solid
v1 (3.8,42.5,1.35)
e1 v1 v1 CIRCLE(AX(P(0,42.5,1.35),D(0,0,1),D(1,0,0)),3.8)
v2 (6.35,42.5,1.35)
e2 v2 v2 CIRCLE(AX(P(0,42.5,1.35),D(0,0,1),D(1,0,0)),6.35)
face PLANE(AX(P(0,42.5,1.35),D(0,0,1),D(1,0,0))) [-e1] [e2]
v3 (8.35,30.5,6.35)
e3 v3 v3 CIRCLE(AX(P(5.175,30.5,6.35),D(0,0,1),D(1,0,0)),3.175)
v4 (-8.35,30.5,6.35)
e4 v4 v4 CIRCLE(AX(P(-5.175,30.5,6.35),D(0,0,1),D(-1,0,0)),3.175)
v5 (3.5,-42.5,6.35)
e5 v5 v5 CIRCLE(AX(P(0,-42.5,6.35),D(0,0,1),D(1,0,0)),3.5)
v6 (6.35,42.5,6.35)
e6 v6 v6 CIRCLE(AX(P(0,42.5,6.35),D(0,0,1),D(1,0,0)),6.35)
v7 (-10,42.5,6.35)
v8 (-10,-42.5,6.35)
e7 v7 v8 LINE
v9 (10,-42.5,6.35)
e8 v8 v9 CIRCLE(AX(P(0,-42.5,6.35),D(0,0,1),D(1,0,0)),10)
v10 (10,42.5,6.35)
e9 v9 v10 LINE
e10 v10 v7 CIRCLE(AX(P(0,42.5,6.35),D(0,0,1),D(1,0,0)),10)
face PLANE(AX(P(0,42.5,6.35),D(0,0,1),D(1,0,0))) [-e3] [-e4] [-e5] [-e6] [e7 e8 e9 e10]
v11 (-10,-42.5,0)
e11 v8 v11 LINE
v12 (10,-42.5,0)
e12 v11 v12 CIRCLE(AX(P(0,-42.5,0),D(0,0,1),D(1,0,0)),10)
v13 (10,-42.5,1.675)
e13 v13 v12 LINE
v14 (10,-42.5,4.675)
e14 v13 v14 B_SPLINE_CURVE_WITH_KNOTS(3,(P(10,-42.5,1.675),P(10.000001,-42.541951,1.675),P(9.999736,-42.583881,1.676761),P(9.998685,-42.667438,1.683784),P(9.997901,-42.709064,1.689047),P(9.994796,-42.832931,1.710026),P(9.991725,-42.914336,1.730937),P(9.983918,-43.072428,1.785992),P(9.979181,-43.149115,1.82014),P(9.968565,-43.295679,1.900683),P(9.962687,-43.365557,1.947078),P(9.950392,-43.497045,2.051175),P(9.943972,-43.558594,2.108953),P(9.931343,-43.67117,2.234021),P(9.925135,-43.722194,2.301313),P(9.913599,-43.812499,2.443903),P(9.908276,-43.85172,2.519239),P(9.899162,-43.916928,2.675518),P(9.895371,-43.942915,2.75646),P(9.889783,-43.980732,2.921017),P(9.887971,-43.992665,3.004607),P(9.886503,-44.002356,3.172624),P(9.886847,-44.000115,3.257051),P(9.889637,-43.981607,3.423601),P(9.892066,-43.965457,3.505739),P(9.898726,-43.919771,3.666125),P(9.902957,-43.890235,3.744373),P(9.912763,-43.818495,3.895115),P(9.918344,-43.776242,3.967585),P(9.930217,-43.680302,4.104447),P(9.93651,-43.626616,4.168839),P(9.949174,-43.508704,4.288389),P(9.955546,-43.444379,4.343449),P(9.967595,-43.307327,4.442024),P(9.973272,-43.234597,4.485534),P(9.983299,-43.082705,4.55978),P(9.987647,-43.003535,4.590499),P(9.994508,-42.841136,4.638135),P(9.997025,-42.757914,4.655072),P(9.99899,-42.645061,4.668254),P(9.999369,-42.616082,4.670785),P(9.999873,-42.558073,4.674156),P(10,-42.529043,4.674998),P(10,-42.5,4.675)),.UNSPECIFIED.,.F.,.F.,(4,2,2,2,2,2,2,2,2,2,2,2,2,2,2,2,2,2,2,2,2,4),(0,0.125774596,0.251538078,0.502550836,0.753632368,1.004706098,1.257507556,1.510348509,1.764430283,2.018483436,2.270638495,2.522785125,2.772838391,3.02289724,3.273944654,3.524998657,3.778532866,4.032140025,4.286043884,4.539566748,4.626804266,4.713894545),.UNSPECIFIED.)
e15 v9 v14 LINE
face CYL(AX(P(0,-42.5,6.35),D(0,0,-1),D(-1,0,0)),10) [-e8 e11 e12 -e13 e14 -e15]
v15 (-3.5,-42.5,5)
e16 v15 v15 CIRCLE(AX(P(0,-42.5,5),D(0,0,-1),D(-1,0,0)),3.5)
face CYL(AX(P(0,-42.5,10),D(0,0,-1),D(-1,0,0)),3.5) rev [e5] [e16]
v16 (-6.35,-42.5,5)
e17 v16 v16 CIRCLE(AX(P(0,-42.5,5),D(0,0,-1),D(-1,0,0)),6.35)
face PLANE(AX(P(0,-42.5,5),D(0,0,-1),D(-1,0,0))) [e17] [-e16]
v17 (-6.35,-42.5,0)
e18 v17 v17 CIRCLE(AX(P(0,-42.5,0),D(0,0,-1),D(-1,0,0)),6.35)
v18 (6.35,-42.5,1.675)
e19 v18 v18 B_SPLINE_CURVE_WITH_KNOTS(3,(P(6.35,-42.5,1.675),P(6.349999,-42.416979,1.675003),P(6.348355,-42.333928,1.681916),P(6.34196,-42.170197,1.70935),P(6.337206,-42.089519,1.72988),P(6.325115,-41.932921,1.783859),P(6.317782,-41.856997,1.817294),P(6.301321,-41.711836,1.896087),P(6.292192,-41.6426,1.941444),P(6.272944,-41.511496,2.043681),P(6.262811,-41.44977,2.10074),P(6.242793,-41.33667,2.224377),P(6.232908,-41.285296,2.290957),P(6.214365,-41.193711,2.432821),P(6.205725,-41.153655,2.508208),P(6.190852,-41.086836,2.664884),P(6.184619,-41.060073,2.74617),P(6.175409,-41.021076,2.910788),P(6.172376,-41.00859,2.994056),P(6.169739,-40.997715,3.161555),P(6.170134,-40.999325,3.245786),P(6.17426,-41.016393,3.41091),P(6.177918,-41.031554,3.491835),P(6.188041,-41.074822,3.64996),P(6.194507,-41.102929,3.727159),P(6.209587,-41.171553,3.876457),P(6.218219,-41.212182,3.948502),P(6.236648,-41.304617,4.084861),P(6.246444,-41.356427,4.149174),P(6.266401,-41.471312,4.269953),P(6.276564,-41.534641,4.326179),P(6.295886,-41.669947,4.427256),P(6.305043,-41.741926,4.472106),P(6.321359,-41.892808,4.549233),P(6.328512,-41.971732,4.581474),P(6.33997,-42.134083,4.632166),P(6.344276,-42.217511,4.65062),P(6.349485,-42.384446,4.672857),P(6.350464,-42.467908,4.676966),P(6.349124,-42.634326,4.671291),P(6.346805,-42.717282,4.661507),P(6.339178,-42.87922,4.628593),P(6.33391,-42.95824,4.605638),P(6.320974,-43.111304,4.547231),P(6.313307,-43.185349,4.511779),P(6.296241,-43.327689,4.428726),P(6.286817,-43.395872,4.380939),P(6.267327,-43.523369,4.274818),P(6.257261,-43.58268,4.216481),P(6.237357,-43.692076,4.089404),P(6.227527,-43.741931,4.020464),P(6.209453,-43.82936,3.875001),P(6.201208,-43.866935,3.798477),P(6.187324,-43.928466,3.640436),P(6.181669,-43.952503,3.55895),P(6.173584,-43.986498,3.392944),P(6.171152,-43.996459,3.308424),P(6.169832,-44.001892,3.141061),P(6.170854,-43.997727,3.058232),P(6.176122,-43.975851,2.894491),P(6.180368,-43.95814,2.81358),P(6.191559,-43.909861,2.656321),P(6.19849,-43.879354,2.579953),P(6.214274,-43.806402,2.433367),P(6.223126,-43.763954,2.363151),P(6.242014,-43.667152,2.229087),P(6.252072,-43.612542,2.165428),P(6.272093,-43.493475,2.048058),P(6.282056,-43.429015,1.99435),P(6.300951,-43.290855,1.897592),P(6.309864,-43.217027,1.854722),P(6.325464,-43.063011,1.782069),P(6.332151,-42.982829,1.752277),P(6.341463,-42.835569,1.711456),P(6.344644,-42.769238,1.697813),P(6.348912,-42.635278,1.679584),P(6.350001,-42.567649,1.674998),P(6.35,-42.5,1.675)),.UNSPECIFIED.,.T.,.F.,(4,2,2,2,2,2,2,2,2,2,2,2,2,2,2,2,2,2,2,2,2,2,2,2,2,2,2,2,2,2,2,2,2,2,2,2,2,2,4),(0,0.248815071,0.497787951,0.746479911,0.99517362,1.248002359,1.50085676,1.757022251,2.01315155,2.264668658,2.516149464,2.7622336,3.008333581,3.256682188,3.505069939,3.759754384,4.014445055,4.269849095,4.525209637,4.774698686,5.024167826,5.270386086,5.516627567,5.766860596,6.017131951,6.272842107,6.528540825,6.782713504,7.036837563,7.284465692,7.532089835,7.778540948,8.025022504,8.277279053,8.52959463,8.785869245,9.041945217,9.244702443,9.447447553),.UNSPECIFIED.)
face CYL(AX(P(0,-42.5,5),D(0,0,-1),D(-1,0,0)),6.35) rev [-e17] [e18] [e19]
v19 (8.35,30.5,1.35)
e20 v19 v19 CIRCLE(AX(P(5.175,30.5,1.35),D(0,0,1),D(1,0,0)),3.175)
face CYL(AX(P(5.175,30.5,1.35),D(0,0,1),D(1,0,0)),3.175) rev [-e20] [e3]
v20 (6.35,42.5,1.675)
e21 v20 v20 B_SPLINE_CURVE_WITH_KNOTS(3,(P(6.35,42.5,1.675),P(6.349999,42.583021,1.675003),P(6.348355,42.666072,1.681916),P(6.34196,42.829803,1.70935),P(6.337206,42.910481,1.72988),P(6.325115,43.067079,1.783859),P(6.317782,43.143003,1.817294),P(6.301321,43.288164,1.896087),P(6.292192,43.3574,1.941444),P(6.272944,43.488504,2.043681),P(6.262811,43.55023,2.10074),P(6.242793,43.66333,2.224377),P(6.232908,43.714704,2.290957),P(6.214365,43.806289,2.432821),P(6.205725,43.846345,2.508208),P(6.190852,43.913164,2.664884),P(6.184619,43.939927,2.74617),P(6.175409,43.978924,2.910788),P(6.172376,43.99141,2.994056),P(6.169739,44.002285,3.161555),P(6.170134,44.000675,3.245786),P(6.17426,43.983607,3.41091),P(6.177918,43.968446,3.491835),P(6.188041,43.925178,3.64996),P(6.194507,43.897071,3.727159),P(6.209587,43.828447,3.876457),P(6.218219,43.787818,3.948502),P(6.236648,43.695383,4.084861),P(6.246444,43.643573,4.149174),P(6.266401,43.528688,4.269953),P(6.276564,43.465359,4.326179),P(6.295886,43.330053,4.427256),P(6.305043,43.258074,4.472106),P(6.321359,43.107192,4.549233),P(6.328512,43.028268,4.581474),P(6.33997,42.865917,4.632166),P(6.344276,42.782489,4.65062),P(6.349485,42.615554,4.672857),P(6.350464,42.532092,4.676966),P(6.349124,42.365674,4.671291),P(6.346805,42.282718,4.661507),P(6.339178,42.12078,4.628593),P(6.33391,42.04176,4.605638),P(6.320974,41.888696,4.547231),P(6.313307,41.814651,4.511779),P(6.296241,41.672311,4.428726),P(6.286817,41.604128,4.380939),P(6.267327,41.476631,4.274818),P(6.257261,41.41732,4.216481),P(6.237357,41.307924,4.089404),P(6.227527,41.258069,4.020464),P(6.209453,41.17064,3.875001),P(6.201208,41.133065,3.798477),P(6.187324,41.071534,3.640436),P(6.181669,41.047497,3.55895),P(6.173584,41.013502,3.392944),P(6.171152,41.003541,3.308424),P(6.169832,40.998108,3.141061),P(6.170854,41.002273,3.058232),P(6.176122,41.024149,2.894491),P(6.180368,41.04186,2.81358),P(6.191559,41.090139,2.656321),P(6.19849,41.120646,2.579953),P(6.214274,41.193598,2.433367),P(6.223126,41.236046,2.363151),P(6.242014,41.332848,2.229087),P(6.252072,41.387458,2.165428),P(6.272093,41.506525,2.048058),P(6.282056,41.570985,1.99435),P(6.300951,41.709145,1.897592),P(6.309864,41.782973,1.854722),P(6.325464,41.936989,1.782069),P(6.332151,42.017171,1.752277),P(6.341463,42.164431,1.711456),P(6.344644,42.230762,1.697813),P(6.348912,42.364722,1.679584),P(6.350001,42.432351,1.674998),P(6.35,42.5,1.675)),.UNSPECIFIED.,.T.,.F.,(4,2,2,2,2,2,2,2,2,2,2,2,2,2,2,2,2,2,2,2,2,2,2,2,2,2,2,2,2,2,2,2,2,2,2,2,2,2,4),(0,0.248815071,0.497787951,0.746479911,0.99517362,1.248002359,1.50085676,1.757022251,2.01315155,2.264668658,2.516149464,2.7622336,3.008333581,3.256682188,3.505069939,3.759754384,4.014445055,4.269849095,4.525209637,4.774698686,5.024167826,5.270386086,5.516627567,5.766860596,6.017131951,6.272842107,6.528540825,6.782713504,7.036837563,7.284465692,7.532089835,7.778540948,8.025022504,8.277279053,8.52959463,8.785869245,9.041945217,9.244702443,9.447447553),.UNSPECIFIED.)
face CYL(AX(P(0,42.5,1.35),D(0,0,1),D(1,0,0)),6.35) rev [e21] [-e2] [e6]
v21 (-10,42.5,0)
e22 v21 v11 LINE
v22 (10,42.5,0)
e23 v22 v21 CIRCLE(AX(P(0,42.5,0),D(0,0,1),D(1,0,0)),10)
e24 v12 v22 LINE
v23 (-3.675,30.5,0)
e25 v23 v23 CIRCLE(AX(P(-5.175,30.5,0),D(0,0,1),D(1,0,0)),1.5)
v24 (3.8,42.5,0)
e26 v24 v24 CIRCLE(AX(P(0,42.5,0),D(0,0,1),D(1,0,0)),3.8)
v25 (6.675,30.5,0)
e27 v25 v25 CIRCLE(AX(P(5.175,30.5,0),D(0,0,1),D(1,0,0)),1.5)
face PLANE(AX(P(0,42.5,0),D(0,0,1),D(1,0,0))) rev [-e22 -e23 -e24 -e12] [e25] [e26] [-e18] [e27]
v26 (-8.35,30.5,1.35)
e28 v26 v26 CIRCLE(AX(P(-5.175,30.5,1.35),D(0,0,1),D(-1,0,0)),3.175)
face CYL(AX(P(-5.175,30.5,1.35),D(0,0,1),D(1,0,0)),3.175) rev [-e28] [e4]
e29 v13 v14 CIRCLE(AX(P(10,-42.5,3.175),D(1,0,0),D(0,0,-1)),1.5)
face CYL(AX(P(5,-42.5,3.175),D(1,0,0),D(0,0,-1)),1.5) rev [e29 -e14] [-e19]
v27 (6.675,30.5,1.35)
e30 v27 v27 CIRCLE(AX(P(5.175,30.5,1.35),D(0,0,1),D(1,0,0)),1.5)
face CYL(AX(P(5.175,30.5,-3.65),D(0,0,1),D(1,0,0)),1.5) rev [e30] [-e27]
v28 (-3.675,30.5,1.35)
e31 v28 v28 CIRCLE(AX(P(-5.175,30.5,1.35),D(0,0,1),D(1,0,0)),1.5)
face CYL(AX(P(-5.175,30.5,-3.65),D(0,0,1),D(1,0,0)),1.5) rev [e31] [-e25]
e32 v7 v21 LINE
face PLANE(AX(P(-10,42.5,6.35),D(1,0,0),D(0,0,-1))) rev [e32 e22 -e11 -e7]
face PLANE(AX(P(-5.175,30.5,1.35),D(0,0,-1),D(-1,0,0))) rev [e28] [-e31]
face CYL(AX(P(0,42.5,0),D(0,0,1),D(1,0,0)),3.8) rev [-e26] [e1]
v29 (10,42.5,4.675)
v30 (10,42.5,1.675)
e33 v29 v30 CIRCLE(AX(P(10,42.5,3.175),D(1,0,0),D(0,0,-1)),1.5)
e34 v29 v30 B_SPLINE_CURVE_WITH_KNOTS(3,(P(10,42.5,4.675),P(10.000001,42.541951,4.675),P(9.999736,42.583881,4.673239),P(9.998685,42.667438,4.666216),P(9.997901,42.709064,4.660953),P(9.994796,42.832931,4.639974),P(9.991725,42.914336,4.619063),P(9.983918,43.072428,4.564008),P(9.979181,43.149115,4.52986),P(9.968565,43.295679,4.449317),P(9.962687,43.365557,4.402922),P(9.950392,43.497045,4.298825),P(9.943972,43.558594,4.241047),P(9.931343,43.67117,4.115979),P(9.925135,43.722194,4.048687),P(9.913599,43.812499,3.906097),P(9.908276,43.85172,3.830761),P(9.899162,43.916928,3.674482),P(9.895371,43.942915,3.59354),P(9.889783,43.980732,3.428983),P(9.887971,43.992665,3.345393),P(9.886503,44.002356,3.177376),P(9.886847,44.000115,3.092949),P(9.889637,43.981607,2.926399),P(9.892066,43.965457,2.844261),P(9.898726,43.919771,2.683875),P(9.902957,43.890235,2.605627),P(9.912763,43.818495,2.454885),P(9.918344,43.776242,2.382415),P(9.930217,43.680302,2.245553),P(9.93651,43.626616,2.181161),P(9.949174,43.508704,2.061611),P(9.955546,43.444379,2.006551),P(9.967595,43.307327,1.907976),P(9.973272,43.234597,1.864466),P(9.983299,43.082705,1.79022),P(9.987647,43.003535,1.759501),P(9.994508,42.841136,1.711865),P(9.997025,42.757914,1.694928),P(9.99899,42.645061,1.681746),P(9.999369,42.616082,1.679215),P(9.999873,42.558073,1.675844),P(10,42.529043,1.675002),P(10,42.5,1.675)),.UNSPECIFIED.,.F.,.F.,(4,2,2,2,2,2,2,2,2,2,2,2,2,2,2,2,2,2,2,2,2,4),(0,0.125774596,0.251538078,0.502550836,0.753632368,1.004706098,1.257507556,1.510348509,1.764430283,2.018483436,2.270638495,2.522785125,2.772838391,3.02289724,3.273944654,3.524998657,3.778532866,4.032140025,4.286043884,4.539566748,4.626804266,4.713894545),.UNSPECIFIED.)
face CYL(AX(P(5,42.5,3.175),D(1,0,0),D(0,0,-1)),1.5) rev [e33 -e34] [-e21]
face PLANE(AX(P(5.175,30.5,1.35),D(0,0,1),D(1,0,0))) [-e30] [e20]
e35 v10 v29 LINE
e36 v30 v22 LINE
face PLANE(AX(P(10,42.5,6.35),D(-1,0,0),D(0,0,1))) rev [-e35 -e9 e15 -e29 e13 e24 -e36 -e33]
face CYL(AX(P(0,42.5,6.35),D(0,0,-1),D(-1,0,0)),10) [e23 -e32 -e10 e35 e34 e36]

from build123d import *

# Parameters (mm, degrees)
SALIENTE_EXTRUIR1_DEPTH = 6.35
CROQUIS2_R              = 6.35
CORTAR_EXTRUIR1_DEPTH   = 5
CROQUIS3_R              = 3.8
CORTAR_EXTRUIR2_DEPTH   = 2.35
CROQUIS4_R              = 3.175
CORTAR_EXTRUIR3_DEPTH   = 5
CROQUIS5_R              = 1.5
CORTAR_EXTRUIR4_DEPTH   = 5
CROQUIS6_R              = 1.5
CORTAR_EXTRUIR5_DEPTH   = 5
CROQUIS7_R              = 6.35
CORTAR_EXTRUIR6_DEPTH   = 5
CROQUIS8_R              = 3.5
CORTAR_EXTRUIR7_DEPTH   = 5
CROQUIS9_R              = 1.5
CORTAR_EXTRUIR8_DEPTH   = 5


with BuildPart() as part:
    # Croquis1 → Saliente-Extruir1 (new body)
    with BuildSketch(Plane.XY):
        with BuildLine():
            Line((10, 42.5), (10, -42.5))
            ThreePointArc((10, -42.5), (0, -52.5), (-10, -42.5))
            Line((-10, -42.5), (-10, 42.5))
            ThreePointArc((-10, 42.5), (0, 52.5), (10, 42.5))
        make_face()
    extrude(amount=SALIENTE_EXTRUIR1_DEPTH)

    # Croquis2 → Cortar-Extruir1 (cut)
    with BuildSketch(Plane.XY.offset(6.35)):
        with Locations((0, 42.5)):
            Circle(CROQUIS2_R)
    extrude(amount=-CORTAR_EXTRUIR1_DEPTH, mode=Mode.SUBTRACT)

    # Croquis3 → Cortar-Extruir2 (cut, through all)
    with BuildSketch(Plane.XY.offset(1.35)):
        with Locations((0, 42.5)):
            Circle(CROQUIS3_R)
    extrude(amount=-CORTAR_EXTRUIR2_DEPTH, mode=Mode.SUBTRACT)

    # Croquis4 → Cortar-Extruir3 (cut)
    with BuildSketch(Plane.XY.offset(6.35)):
        with Locations((5.175, 30.5)):
            Circle(CROQUIS4_R)
        with Locations((-5.175, 30.5)):
            Circle(CROQUIS4_R)
    extrude(amount=-CORTAR_EXTRUIR3_DEPTH, mode=Mode.SUBTRACT)

    # Croquis5 → Cortar-Extruir4 (cut)
    with BuildSketch(Plane.XY.offset(1.35)):
        with Locations((-5.175, 30.5)):
            Circle(CROQUIS5_R)
        with Locations((5.175, 30.5)):
            Circle(CROQUIS5_R)
    extrude(amount=-CORTAR_EXTRUIR4_DEPTH, mode=Mode.SUBTRACT)

    # Croquis6 → Cortar-Extruir5 (cut)
    with BuildSketch(Plane(origin=(10, 0, 0), x_dir=(0, 0, -1), z_dir=(1, 0, 0))):
        with Locations((-3.175, 42.5)):
            Circle(CROQUIS6_R)
    extrude(amount=-CORTAR_EXTRUIR5_DEPTH, mode=Mode.SUBTRACT)

    # Croquis7 → Cortar-Extruir6 (cut)
    with BuildSketch(Plane(origin=(0, 0, 0), x_dir=(-1, 0, 0), z_dir=(0, 0, -1))):
        with Locations((0, -42.5)):
            Circle(CROQUIS7_R)
    extrude(amount=-CORTAR_EXTRUIR6_DEPTH, mode=Mode.SUBTRACT)

    # Croquis8 → Cortar-Extruir7 (cut)
    with BuildSketch(Plane(origin=(0, 0, 5), x_dir=(-1, 0, 0), z_dir=(0, 0, -1))):
        with Locations((0, -42.5)):
            Circle(CROQUIS8_R)
    extrude(amount=-CORTAR_EXTRUIR7_DEPTH, mode=Mode.SUBTRACT)

    # Croquis9 → Cortar-Extruir8 (cut)
    with BuildSketch(Plane(origin=(10, 0, 0), x_dir=(0, 0, -1), z_dir=(1, 0, 0))):
        with Locations((-3.175, -42.5)):
            Circle(CROQUIS9_R)
    extrude(amount=-CORTAR_EXTRUIR8_DEPTH, mode=Mode.SUBTRACT)


solid = part.part
